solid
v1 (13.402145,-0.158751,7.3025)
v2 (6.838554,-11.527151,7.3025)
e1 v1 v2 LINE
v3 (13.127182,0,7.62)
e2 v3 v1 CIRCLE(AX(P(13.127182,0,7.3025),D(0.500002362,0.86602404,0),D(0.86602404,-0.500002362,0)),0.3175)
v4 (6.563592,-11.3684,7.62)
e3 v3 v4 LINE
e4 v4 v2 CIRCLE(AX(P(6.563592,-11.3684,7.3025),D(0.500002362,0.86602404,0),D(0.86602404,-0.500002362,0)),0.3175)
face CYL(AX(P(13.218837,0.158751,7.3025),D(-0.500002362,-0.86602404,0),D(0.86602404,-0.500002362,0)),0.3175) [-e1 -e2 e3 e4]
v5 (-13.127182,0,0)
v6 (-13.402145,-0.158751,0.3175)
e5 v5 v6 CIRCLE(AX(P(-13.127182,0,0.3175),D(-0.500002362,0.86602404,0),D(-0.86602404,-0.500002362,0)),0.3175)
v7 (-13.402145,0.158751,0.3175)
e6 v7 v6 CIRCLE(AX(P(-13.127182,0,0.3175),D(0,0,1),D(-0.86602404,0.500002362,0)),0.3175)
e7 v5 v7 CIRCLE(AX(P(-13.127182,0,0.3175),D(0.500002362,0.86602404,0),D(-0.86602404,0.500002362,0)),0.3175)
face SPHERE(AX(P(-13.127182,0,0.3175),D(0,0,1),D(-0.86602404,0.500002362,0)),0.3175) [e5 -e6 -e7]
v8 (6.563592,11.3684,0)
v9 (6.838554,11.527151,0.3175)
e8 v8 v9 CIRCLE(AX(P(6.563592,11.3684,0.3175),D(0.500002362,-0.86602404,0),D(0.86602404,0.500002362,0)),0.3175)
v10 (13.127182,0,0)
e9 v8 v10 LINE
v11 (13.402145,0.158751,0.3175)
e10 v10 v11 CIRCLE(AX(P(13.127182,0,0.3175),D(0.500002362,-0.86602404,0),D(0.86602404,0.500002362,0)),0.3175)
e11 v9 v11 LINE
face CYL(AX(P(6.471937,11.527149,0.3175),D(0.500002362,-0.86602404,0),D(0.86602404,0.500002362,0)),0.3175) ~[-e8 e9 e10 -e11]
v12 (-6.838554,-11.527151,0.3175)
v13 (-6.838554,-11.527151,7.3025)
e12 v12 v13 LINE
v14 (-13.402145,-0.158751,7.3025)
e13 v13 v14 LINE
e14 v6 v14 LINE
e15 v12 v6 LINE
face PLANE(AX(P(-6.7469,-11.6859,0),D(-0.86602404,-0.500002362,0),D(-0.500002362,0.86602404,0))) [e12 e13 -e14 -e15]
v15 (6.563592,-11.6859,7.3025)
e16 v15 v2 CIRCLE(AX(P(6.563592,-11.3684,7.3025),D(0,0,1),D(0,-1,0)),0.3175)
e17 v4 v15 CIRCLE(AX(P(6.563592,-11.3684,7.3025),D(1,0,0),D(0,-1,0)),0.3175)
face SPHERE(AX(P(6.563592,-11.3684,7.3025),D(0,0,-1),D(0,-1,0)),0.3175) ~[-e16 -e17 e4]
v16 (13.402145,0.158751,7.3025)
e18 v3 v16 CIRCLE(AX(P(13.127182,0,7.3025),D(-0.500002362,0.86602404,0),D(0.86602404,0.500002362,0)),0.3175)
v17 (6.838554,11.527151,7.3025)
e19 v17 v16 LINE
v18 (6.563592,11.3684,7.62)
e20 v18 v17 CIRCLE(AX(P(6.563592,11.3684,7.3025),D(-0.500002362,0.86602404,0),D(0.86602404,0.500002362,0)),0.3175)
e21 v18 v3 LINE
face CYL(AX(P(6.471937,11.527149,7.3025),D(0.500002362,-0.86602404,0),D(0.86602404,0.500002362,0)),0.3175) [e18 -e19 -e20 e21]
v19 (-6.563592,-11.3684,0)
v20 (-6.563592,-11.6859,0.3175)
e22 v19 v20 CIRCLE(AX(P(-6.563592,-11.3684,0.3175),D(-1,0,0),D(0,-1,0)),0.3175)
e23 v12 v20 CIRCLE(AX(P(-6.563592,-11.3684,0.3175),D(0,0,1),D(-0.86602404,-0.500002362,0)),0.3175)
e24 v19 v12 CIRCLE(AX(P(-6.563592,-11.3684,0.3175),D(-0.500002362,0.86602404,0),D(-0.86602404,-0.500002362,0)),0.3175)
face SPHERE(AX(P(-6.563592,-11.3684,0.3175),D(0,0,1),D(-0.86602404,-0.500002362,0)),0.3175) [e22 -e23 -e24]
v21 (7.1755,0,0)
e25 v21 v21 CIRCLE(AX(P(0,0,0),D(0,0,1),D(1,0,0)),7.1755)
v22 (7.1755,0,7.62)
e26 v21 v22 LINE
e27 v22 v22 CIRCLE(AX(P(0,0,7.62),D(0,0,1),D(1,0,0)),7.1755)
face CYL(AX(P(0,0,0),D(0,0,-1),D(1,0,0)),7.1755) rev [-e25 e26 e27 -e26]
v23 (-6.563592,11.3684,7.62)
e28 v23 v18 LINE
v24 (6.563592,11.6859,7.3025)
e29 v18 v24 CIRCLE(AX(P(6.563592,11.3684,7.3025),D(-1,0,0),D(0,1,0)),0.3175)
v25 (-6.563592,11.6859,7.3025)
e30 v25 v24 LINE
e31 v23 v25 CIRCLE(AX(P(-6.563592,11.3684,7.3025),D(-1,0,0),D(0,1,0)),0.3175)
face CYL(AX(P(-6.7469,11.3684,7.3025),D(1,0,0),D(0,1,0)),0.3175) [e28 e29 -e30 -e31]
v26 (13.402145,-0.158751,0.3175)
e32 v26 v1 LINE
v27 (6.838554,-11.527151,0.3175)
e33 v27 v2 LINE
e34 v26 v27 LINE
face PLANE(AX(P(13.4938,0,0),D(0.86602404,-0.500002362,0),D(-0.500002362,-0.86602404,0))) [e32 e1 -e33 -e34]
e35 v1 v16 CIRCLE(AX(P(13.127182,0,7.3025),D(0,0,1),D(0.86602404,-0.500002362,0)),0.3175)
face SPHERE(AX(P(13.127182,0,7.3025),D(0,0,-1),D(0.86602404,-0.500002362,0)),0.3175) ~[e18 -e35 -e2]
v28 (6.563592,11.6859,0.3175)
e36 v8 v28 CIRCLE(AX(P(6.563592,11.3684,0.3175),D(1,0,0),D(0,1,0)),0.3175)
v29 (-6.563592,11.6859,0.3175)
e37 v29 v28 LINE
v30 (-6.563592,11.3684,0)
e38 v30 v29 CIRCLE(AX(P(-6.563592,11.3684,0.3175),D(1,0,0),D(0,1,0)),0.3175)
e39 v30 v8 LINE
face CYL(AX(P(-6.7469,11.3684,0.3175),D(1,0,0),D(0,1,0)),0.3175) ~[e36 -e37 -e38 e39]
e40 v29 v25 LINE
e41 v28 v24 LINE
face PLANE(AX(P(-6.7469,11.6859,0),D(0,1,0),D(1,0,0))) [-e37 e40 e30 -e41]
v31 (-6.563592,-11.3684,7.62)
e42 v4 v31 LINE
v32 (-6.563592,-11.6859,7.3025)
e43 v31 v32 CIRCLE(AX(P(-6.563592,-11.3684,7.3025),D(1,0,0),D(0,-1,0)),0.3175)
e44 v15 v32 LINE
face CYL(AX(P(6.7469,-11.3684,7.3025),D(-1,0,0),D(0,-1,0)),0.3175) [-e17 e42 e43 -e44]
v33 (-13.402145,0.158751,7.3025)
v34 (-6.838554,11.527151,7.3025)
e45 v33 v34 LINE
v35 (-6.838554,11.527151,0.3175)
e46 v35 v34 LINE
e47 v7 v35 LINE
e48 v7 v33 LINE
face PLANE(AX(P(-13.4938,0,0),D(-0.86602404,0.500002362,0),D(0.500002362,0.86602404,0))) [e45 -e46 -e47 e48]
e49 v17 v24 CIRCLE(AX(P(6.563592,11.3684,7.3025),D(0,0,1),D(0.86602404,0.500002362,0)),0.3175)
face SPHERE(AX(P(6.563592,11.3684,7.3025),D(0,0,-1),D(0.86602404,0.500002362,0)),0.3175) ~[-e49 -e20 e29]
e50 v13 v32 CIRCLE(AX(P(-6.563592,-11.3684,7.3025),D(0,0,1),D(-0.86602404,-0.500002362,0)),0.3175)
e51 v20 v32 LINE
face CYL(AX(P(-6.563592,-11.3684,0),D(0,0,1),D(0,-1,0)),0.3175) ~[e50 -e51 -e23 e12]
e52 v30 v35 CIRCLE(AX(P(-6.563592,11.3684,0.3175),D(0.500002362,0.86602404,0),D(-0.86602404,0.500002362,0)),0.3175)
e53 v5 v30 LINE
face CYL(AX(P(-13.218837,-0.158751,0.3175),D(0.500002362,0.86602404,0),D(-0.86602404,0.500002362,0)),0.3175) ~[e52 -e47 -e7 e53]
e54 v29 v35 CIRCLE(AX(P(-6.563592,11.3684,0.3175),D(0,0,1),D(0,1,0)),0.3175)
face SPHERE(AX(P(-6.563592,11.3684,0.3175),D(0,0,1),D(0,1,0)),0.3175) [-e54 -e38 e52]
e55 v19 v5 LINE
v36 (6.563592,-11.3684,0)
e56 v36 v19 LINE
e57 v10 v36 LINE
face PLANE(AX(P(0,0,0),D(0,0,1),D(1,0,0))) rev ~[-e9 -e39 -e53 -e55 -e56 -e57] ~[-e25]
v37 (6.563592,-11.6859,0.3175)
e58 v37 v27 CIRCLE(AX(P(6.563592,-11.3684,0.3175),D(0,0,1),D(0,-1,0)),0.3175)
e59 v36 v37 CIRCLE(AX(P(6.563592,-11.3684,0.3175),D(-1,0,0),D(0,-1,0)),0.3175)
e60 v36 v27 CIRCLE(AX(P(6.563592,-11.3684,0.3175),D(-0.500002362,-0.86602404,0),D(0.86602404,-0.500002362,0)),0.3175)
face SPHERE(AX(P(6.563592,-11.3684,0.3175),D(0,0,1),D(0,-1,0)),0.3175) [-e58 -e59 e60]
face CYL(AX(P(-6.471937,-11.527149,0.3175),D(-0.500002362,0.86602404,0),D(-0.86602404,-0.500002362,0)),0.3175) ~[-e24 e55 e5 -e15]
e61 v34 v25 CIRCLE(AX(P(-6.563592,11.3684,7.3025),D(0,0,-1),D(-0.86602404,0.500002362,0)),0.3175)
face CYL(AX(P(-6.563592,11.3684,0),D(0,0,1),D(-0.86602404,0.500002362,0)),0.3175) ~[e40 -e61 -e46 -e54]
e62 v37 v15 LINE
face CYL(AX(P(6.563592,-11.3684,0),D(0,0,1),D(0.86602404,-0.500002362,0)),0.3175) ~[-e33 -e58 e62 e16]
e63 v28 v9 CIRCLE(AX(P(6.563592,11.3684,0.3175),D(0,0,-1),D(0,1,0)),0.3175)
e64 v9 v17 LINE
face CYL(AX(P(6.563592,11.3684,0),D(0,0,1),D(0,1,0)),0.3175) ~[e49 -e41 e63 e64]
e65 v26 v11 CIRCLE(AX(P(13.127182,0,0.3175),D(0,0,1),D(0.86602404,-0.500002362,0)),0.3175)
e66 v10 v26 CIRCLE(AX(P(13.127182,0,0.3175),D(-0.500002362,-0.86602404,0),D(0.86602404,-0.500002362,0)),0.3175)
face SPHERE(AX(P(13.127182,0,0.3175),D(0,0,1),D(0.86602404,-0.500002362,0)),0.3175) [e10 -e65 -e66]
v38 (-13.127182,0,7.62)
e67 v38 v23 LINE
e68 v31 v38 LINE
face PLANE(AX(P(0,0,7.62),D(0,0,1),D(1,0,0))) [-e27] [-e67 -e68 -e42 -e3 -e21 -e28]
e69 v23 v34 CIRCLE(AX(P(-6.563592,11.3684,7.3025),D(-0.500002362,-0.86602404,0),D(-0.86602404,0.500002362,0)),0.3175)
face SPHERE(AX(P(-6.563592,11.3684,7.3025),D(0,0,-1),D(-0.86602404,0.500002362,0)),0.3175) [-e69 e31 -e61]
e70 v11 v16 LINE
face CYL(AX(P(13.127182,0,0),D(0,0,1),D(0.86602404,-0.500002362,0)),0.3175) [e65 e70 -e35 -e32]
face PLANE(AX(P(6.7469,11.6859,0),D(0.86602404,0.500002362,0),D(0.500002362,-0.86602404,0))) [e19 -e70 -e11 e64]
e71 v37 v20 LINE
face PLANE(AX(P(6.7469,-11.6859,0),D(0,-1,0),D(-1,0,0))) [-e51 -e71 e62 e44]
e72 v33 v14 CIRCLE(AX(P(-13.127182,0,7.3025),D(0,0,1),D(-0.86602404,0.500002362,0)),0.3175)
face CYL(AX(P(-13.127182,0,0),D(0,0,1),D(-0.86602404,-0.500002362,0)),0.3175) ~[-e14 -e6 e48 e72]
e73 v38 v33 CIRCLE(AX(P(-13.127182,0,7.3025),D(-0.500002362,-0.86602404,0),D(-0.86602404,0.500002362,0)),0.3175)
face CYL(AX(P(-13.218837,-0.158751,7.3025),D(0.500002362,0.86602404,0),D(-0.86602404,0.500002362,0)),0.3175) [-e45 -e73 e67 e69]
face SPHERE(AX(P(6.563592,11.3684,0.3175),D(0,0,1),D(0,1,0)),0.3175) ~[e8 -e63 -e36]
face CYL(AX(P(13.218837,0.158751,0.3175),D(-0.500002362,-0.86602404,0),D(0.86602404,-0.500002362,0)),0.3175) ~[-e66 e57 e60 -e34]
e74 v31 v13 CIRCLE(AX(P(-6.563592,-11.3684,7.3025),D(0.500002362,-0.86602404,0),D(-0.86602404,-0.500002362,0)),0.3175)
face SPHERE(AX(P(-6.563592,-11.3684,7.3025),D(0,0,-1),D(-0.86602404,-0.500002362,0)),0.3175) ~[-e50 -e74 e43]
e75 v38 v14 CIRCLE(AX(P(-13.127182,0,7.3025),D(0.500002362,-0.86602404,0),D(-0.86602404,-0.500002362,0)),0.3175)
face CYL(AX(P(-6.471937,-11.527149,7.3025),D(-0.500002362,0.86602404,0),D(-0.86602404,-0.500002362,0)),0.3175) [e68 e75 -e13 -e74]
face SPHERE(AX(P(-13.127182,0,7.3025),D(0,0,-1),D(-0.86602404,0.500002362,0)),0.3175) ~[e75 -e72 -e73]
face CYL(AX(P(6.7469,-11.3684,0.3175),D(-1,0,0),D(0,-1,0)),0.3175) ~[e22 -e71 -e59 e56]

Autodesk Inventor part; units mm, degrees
ref_plane "YZ Plane" through (0, 0, 0) normal (1, 0, 0) x (0, 1, 0)
ref_plane "XZ Plane" through (0, 0, 0) normal (0, 1, 0) x (-1, 0, 0)
ref_plane "XY Plane" through (0, 0, 0) normal (0, 0, 1) x (1, 0, 0)
sketch "Sketch1" plane through (0, 0, 0) normal (0, 0, 1) x (1, 0, 0)
  line L0 (13.4938, 0) -> (6.7469, -11.6859)
  line L1 (6.7469, -11.6859) -> (-6.7469, -11.6859)
  line L2 (-6.7469, -11.6859) -> (-13.4938, 0)
  line L3 (-13.4938, 0) -> (-6.7469, 11.6859)
  line L4 (-6.7469, 11.6859) -> (6.7469, 11.6859)
  line L5 (6.7469, 11.6859) -> (13.4938, 0)
  circle A0 centre (0, 0) radius 7.1755
  point P0 (0, 0)
  point P1 (0, 0)
  dimension "d0" = 26.9875
  dimension "d1" = 14.351
extrude "Extrusion1" add sketch "Sketch1" along normal blind 7.62
fillet "Fillet1" radius 0.3175 18 edges at (0, 11.6859, 7.62) (6.7469, 11.6859, 3.81) (-6.7469, 11.6859, 3.81) (0, 11.6859, 0) (10.1203, 5.843, 7.62) (10.1203, 5.843, 0) (13.4938, 0, 3.81) (10.1203, -5.843, 0) (10.1203, -5.843, 7.62) (6.7469, -11.6859, 3.81) (0, -11.6859, 7.62) (0, -11.6859, 0) (-6.7469, -11.6859, 3.81) (-10.1203, -5.843, 0) (-10.1203, -5.843, 7.62) (-13.4938, 0, 3.81) (-10.1203, 5.843, 7.62) (-10.1203, 5.843, 0)
thread "Thread1" size "5/8-11 UNC" class "2B" standard "ANSI Unified Screw Threads" full length
properties part number "Large Nut" material "Stainless Steel"
